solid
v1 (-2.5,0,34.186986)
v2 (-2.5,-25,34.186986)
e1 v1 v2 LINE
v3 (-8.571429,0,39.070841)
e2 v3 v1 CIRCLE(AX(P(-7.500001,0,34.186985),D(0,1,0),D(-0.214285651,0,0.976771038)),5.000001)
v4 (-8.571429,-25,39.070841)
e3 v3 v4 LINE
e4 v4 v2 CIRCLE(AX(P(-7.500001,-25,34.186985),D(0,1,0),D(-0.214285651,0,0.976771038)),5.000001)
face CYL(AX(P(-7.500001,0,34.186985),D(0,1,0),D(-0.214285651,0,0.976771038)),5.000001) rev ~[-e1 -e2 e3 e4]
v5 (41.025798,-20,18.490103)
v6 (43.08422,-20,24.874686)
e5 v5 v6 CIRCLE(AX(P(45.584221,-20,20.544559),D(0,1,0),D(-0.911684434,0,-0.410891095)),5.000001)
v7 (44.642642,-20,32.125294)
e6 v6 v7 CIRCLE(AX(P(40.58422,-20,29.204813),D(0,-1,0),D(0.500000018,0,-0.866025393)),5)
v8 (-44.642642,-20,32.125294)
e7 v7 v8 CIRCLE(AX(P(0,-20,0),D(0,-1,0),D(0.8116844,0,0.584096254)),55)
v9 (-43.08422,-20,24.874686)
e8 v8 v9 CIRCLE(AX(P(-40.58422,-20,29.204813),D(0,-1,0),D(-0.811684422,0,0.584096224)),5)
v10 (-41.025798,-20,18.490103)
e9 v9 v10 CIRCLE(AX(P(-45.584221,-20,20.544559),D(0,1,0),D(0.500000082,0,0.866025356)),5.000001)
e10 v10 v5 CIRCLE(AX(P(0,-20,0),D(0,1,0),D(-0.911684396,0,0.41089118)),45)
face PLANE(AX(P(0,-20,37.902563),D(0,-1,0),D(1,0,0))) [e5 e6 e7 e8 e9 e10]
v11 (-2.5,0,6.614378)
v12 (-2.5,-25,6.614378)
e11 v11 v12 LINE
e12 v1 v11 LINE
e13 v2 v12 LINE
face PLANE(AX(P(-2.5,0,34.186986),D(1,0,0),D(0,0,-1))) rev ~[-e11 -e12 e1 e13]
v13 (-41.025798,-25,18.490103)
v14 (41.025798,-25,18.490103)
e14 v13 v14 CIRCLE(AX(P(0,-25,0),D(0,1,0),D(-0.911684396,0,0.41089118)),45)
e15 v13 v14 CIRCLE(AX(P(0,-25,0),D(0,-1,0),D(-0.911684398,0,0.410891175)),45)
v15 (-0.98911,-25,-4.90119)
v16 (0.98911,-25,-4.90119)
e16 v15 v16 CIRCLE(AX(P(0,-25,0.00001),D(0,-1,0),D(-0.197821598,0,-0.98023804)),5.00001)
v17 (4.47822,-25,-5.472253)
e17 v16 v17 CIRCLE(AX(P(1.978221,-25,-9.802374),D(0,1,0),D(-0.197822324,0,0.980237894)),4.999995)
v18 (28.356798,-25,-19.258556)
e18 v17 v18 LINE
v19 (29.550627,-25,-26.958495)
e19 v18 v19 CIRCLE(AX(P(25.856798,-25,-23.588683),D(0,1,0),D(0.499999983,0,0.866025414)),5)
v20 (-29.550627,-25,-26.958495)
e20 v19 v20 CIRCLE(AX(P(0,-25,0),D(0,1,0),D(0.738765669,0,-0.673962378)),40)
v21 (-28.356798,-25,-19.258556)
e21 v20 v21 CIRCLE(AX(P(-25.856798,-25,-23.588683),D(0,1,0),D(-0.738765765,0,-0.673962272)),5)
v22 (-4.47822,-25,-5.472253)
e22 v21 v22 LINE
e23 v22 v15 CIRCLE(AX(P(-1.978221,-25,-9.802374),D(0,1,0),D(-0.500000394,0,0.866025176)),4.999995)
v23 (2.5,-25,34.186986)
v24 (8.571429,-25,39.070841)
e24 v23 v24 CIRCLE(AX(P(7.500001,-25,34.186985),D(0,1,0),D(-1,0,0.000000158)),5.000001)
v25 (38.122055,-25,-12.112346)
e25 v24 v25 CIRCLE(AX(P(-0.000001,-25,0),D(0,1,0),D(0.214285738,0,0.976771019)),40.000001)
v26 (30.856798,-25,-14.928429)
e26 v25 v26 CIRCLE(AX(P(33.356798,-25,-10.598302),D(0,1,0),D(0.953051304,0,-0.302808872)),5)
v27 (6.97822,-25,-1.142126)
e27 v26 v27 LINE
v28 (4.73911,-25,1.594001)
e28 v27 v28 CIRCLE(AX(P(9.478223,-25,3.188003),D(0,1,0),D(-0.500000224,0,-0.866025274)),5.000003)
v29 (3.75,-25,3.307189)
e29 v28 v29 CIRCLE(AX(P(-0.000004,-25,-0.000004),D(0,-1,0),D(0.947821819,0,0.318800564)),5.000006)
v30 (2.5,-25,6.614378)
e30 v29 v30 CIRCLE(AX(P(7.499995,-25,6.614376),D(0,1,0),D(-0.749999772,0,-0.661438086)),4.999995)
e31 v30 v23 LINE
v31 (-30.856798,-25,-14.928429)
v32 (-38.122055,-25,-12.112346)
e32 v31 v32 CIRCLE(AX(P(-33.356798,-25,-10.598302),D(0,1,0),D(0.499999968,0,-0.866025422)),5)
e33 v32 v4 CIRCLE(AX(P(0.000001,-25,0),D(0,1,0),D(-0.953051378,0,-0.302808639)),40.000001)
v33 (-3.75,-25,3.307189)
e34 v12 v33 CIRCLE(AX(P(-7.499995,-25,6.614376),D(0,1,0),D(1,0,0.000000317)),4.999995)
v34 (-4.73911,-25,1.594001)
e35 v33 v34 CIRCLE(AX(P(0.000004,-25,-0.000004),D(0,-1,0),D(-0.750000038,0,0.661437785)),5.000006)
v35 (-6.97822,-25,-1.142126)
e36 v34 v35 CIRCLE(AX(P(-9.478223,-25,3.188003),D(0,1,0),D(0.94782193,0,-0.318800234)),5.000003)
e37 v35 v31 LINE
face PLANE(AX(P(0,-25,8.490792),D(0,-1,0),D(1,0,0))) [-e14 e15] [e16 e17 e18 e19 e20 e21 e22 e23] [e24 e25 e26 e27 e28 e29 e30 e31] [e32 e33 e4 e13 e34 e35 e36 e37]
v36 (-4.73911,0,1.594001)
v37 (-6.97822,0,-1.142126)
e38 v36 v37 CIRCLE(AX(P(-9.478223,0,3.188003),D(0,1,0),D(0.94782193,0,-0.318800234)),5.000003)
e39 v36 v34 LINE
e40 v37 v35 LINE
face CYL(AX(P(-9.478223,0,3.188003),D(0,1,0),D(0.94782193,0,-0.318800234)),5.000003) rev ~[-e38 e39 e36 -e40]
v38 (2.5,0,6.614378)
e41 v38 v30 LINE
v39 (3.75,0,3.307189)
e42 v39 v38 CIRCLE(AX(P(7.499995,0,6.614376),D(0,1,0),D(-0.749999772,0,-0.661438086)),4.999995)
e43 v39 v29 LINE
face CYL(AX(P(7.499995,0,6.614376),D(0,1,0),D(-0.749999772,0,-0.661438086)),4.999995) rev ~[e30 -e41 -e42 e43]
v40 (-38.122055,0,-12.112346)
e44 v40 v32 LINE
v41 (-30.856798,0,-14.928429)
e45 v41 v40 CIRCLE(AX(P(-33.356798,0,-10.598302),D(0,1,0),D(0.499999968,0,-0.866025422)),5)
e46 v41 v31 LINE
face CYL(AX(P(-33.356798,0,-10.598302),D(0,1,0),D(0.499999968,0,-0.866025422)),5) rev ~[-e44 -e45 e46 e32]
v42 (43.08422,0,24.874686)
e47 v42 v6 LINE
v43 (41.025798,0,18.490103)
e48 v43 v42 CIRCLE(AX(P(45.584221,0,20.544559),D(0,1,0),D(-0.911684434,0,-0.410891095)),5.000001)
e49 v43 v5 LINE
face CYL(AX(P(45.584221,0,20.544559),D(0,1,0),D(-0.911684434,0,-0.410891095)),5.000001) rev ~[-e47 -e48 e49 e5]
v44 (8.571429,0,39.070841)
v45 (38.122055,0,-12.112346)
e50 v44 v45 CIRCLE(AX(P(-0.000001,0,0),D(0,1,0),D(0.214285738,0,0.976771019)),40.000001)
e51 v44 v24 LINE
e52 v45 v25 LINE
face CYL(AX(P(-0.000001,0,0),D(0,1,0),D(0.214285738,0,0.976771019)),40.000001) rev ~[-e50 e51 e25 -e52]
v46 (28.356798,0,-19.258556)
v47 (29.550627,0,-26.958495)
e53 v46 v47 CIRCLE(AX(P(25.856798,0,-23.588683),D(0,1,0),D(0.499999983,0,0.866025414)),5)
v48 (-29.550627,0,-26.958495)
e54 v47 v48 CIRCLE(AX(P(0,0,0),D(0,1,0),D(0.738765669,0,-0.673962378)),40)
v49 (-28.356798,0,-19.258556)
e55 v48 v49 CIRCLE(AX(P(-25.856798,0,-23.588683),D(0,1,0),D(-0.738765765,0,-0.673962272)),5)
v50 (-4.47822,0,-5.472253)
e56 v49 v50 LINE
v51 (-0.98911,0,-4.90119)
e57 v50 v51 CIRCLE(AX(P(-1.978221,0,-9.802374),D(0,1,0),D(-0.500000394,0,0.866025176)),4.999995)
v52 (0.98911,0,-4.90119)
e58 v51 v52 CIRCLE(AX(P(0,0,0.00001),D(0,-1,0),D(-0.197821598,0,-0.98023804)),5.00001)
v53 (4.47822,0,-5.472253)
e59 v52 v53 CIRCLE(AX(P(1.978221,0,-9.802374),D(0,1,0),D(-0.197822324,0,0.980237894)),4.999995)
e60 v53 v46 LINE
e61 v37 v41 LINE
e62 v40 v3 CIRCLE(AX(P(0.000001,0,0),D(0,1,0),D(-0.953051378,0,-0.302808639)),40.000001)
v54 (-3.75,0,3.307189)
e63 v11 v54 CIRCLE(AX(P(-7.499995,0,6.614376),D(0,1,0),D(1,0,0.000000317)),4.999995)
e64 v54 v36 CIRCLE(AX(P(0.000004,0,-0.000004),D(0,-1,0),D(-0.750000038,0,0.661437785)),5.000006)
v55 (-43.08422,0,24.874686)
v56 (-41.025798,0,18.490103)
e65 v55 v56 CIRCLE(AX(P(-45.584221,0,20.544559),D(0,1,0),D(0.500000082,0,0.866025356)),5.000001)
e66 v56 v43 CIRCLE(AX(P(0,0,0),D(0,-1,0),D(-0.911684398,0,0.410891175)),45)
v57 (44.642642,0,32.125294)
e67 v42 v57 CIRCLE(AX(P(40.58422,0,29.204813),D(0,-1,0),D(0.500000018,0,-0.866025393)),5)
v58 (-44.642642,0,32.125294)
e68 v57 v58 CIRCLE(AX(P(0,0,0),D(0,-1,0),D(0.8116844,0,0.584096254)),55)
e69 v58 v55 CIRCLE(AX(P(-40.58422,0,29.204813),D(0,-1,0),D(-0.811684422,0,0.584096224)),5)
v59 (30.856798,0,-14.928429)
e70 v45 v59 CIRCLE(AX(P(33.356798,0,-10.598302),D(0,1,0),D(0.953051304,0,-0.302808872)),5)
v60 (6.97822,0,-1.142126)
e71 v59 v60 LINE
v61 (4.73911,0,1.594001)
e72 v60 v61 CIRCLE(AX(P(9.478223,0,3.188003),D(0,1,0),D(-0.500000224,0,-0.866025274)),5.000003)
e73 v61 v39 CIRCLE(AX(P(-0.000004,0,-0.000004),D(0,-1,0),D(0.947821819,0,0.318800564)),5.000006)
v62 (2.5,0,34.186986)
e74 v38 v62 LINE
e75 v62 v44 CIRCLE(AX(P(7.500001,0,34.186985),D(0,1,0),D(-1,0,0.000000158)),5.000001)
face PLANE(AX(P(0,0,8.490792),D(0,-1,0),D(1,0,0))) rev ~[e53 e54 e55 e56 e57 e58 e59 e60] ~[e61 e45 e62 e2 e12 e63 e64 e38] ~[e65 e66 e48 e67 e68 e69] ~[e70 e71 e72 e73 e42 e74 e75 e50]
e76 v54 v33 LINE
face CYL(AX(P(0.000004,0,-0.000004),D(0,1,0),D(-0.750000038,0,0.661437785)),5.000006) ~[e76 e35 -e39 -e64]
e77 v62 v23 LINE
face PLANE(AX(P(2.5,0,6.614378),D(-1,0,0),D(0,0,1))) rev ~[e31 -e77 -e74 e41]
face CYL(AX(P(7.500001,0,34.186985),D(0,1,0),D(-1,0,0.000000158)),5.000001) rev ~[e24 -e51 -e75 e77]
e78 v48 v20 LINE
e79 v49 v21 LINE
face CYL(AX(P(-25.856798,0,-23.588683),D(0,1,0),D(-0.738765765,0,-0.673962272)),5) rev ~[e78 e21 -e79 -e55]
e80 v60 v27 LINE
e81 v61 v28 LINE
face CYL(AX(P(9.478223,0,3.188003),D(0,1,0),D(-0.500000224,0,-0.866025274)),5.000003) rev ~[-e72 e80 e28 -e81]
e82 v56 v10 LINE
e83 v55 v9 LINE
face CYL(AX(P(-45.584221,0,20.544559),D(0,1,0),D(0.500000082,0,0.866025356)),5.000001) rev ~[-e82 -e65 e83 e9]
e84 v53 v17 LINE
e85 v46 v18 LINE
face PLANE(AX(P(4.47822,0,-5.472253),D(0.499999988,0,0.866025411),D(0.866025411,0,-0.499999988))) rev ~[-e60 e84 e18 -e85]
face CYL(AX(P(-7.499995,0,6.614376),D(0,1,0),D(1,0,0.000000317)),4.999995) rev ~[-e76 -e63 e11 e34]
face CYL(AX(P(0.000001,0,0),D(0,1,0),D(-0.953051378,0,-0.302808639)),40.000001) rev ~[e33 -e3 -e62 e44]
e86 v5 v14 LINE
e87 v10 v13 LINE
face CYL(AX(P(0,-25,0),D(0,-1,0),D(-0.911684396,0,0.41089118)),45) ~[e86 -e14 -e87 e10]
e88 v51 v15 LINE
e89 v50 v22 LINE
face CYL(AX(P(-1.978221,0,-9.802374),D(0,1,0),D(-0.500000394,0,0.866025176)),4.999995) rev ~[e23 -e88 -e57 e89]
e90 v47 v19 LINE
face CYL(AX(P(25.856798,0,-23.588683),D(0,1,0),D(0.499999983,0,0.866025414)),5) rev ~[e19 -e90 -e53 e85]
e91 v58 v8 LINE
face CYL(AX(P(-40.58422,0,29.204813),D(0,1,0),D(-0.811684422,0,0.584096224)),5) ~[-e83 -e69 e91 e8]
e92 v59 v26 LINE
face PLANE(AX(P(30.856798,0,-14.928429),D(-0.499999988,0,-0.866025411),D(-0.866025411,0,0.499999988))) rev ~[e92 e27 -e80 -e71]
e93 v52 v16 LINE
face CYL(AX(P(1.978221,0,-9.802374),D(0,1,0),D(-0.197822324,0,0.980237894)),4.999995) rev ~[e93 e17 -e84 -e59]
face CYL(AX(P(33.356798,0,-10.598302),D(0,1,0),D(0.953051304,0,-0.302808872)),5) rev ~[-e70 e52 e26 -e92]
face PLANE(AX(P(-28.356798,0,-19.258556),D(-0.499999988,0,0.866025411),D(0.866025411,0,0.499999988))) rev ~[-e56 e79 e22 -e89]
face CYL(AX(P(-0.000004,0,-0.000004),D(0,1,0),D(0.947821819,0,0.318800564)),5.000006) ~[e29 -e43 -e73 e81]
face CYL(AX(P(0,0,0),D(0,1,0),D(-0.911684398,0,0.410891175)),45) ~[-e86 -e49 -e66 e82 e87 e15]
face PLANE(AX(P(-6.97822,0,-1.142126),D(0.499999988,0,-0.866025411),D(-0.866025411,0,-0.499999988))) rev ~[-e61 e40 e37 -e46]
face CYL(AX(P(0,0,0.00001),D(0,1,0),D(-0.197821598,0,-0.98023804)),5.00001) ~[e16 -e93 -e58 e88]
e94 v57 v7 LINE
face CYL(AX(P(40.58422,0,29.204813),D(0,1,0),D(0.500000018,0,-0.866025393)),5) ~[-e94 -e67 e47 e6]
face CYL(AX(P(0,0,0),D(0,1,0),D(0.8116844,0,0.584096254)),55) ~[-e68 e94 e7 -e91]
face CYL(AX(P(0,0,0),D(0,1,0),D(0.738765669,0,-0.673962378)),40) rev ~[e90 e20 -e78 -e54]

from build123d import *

# Parameters (mm, degrees)
F1_DEPTH = 25
F3_DEPTH = 5


with BuildPart() as f1:
    # F0 (on Front) → F1 (new body)
    with BuildSketch(Plane.XZ):
        with BuildLine():
            ThreePointArc((-43.08422, 24.874686), (-40.825433, 22.078816), (-41.025798, 18.490103))
            ThreePointArc((-41.025798, 18.490103), (0, -45), (41.025798, 18.490103))
            ThreePointArc((41.025798, 18.490103), (40.825433, 22.078816), (43.08422, 24.874686))
            ThreePointArc((43.08422, 24.874686), (45.472579, 28.154125), (44.642642, 32.125294))
            ThreePointArc((44.642642, 32.125294), (0, 55), (-44.642642, 32.125294))
            ThreePointArc((-44.642642, 32.125294), (-45.472579, 28.154125), (-43.08422, 24.874686))
        make_face()
        with BuildLine():
            ThreePointArc((-4.47822, -5.472253), (-2.785824, -4.868033), (-0.98911, -4.90119))
            ThreePointArc((-0.98911, -4.90119), (0, -5), (0.98911, -4.90119))
            ThreePointArc((0.98911, -4.90119), (2.785824, -4.868033), (4.47822, -5.472253))
            Line((4.47822, -5.472253), (28.356798, -19.258556))
            ThreePointArc((28.356798, -19.258556), (30.797764, -22.822617), (29.550627, -26.958495))
            ThreePointArc((29.550627, -26.958495), (0, -40), (-29.550627, -26.958495))
            ThreePointArc((-29.550627, -26.958495), (-30.797764, -22.822617), (-28.356798, -19.258556))
            Line((-28.356798, -19.258556), (-4.47822, -5.472253))
        make_face(mode=Mode.SUBTRACT)
        with BuildLine():
            ThreePointArc((-38.122055, -12.112346), (-34.641016, 20), (-8.571429, 39.070841))
            ThreePointArc((-8.571429, 39.070841), (-4.366084, 38.082954), (-2.5, 34.186986))
            Line((-2.5, 34.186986), (-2.5, 6.614378))
            ThreePointArc((-2.5, 6.614378), (-2.822928, 4.846611), (-3.75, 3.307189))
            ThreePointArc((-3.75, 3.307189), (-4.330127, 2.5), (-4.73911, 1.594001))
            ThreePointArc((-4.73911, 1.594001), (-5.608753, 0.021422), (-6.97822, -1.142126))
            Line((-6.97822, -1.142126), (-30.856798, -14.928429))
            ThreePointArc((-30.856798, -14.928429), (-35.163848, -15.260337), (-38.122055, -12.112346))
        make_face(mode=Mode.SUBTRACT)
        with BuildLine():
            ThreePointArc((3.75, 3.307189), (2.822928, 4.846611), (2.5, 6.614378))
            Line((2.5, 6.614378), (2.5, 34.186986))
            ThreePointArc((2.5, 34.186986), (4.366084, 38.082954), (8.571429, 39.070841))
            ThreePointArc((8.571429, 39.070841), (34.641016, 20), (38.122055, -12.112346))
            ThreePointArc((38.122055, -12.112346), (35.163848, -15.260337), (30.856798, -14.928429))
            Line((30.856798, -14.928429), (6.97822, -1.142126))
            ThreePointArc((6.97822, -1.142126), (5.608753, 0.021422), (4.73911, 1.594001))
            ThreePointArc((4.73911, 1.594001), (4.330127, 2.5), (3.75, 3.307189))
        make_face(mode=Mode.SUBTRACT)
    extrude(amount=F1_DEPTH)

    # F2 (on face) → F3 (cut)
    with BuildSketch(Plane.XZ.offset(25)):
        with BuildLine():
            ThreePointArc((-41.025798, 18.490103), (0, 45), (41.025798, 18.490103))
            ThreePointArc((41.025798, 18.490103), (40.825433, 22.078816), (43.08422, 24.874686))
            ThreePointArc((43.08422, 24.874686), (45.472579, 28.154125), (44.642642, 32.125294))
            ThreePointArc((44.642642, 32.125294), (0, 55), (-44.642642, 32.125294))
            ThreePointArc((-44.642642, 32.125294), (-45.472579, 28.154125), (-43.08422, 24.874686))
            ThreePointArc((-43.08422, 24.874686), (-40.825433, 22.078816), (-41.025798, 18.490103))
        make_face()
    extrude(amount=-F3_DEPTH, mode=Mode.SUBTRACT)


solid = f1.part
